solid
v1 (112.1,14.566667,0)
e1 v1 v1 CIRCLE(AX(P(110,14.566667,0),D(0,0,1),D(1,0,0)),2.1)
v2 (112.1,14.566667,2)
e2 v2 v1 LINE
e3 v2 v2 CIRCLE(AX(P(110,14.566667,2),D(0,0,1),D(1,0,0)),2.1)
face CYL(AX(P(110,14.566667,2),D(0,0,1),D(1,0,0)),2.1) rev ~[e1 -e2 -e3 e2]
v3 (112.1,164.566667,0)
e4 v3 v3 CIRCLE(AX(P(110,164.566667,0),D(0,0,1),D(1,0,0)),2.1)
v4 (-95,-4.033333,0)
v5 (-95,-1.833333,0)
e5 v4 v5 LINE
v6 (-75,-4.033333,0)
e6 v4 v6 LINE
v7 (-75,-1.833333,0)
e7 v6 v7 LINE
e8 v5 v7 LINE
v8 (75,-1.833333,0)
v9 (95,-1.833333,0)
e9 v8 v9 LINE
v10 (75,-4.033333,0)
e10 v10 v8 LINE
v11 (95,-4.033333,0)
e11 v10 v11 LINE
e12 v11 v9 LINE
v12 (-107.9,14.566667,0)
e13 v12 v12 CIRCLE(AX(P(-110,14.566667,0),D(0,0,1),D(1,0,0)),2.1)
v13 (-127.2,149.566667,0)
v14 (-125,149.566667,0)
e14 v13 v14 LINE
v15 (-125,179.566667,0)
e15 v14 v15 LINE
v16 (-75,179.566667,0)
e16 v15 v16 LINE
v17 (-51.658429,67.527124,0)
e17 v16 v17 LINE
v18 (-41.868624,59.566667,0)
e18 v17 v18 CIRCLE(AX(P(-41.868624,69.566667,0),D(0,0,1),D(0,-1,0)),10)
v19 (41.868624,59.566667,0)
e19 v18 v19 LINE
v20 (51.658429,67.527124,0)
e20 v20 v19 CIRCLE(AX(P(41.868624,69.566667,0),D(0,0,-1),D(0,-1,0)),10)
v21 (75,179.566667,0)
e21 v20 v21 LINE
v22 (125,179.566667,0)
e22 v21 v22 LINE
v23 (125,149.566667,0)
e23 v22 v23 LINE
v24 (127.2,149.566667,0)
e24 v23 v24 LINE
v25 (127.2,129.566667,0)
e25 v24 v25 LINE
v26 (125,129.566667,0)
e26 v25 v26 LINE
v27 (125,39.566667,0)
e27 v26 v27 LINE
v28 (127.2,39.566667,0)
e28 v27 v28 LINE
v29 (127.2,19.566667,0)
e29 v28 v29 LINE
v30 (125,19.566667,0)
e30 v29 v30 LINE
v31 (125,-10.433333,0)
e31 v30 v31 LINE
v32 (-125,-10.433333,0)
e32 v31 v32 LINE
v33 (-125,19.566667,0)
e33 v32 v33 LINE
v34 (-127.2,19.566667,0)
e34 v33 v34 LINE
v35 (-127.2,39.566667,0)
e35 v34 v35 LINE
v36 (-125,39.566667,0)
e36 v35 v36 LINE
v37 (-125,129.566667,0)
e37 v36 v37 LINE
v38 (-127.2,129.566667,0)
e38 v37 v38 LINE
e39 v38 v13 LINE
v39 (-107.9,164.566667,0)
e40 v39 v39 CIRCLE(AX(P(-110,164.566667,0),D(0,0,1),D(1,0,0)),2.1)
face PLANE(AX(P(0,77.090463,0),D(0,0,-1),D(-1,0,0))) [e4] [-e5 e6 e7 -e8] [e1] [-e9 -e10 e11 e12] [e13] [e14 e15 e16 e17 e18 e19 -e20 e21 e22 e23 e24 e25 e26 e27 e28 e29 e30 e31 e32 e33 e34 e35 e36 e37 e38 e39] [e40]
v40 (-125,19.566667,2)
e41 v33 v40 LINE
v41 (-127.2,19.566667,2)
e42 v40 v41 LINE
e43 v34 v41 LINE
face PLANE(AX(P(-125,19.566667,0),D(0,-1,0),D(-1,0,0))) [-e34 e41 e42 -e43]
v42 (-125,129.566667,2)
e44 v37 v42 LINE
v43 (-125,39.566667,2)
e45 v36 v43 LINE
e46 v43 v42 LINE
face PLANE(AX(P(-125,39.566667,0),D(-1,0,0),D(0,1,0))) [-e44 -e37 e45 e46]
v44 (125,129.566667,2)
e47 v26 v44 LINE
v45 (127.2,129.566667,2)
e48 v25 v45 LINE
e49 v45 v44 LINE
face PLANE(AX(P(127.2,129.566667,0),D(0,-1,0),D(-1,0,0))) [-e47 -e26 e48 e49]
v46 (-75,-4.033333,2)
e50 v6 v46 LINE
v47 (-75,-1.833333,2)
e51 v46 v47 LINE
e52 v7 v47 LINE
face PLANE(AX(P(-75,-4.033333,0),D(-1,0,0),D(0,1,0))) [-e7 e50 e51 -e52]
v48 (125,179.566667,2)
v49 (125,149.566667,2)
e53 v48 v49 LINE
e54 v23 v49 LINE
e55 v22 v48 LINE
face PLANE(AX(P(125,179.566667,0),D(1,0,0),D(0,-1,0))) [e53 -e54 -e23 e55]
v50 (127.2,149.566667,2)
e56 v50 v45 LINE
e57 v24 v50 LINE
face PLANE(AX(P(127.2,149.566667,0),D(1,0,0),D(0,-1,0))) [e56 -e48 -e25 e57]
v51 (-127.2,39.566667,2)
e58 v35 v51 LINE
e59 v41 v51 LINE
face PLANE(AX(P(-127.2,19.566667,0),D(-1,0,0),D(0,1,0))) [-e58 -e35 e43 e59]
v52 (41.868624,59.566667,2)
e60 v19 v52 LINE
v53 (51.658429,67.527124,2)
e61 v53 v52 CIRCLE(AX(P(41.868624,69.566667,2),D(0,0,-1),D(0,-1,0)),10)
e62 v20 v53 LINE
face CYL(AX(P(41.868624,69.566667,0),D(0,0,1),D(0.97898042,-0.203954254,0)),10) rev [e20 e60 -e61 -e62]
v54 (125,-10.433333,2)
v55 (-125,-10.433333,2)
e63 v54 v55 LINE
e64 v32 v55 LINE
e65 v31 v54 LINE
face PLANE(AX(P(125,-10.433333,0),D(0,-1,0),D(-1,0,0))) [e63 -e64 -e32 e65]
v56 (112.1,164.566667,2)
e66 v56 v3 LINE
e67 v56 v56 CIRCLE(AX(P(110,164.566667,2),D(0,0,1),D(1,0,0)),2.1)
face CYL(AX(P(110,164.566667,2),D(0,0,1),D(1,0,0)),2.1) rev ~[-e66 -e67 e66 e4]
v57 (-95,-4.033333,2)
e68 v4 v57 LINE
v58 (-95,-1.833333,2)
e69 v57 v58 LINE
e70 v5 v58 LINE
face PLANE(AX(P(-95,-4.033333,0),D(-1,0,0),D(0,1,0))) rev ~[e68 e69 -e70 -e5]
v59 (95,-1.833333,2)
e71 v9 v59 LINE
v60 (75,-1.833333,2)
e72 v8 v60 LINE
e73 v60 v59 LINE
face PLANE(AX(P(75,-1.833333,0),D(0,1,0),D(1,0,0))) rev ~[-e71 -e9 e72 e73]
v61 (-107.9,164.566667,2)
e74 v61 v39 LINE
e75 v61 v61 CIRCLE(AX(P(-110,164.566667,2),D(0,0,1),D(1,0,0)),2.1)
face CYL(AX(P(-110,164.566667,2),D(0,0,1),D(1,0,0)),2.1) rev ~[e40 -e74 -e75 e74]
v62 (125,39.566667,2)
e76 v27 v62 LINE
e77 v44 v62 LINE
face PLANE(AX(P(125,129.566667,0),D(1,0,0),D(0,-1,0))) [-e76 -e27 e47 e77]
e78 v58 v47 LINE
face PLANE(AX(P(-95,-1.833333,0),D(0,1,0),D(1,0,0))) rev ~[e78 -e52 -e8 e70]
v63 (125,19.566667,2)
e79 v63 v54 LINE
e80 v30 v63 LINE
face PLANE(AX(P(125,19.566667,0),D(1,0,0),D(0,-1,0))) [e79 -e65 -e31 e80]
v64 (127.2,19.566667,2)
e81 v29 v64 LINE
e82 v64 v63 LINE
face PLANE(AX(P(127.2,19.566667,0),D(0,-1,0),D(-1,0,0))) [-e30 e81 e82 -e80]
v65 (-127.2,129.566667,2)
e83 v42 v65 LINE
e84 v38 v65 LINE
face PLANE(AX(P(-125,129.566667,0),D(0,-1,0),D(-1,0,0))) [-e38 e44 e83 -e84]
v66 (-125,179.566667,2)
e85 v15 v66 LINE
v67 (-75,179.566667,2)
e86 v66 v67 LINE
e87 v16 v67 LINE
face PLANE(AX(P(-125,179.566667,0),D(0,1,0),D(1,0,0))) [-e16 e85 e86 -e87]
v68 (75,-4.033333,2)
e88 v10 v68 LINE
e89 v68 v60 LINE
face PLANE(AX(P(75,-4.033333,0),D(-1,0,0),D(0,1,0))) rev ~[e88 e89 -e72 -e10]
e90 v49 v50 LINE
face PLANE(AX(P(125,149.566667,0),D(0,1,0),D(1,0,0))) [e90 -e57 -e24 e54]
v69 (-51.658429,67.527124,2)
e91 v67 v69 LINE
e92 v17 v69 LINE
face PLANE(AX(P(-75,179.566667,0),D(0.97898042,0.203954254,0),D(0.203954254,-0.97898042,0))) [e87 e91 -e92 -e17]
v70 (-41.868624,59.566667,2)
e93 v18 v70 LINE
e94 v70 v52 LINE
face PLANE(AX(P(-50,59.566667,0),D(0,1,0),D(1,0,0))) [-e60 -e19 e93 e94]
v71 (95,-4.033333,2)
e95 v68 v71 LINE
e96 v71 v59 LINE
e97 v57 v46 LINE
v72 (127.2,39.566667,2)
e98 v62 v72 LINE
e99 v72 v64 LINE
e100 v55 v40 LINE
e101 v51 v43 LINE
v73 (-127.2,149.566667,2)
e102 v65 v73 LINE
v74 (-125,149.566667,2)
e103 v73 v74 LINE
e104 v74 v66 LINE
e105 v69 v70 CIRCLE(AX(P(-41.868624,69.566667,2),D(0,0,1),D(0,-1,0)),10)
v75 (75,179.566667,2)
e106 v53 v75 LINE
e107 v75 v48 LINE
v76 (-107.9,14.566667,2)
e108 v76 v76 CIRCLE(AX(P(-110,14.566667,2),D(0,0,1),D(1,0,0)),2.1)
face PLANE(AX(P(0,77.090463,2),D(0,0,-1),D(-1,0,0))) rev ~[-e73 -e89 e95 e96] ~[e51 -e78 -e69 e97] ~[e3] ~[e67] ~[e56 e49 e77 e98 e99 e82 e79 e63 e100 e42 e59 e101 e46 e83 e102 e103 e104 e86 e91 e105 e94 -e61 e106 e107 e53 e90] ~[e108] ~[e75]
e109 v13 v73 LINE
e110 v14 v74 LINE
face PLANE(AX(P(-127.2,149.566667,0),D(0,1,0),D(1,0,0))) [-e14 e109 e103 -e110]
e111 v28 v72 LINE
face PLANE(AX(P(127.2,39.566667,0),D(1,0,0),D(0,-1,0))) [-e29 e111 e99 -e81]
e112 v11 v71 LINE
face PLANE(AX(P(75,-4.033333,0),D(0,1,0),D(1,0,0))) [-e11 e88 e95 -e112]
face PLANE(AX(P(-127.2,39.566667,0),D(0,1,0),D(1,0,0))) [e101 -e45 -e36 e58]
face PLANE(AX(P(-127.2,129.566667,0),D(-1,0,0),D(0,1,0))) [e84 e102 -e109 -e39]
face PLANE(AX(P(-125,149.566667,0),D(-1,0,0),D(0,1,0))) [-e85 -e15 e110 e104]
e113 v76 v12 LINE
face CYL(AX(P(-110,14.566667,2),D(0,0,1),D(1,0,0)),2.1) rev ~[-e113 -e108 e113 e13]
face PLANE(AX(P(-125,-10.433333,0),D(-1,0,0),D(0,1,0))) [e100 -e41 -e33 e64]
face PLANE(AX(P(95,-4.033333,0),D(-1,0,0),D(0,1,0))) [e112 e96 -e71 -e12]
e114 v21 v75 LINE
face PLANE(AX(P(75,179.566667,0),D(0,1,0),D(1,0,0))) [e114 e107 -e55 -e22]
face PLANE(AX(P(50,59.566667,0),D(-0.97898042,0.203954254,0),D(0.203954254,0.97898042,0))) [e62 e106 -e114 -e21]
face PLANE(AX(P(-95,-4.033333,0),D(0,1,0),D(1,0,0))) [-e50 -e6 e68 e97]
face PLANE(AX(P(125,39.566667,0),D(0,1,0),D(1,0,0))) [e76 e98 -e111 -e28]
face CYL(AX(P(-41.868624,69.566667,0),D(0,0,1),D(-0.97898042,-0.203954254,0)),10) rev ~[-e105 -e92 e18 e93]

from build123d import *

# Parameters (mm, degrees)
SKETCH1_W           = 20
SKETCH1_H           = 2.2
BOSS_EXTRUDE1_DEPTH = 2
FILLET1_R           = 10
SKETCH2_R           = 2.1
CUT_EXTRUDE1_DEPTH  = 5


with BuildPart() as part:
    # Sketch1 → Boss-Extrude1 (new body)
    with BuildSketch(Plane.XY):
        Polygon((125.000000001, -10.433333333), (-124.999999999, -10.433333333), (-124.999999999, 19.566666667), (-127.199999999, 19.566666667), (-127.199999999, 39.566666667), (-124.999999999, 39.566666667), (-124.999999999, 129.566666667), (-127.199999999, 129.566666667), (-127.199999999, 149.566666667), (-124.999999999, 149.566666667), (-124.999999999, 179.566666667), (-74.999999999, 179.566666667), (-50, 59.566666667), (50, 59.566666667), (75.000000001, 179.566666667), (125.000000001, 179.566666667), (125.000000001, 149.566666667), (127.200000001, 149.566666667), (127.200000001, 129.566666667), (125.000000001, 129.566666667), (125.000000001, 39.566666667), (127.200000001, 39.566666667), (127.200000001, 19.566666667), (125.000000001, 19.566666667), align=None)
        with Locations((85.000000001, -2.933333333)):
            Rectangle(SKETCH1_W, SKETCH1_H, mode=Mode.SUBTRACT)
        with Locations((-84.999999999, -2.933333333)):
            Rectangle(SKETCH1_W, SKETCH1_H, mode=Mode.SUBTRACT)
    extrude(amount=BOSS_EXTRUDE1_DEPTH)

    # Fillet1
    fillet1_edges = [part.edges().sort_by_distance(p)[0] for p in [
        (-50, 59.566666667, 1),
        (50, 59.566666667, 1),
    ]]
    fillet(fillet1_edges, radius=FILLET1_R)

    # Sketch2 → Cut-Extrude1 (cut)
    with BuildSketch(Plane.XY.offset(2)):
        with Locations((-109.999999999, 14.566666667)):
            Circle(SKETCH2_R)
        with Locations((110.000000001, 14.566666667)):
            Circle(SKETCH2_R)
        with Locations((110.000000001, 164.566666667)):
            Circle(SKETCH2_R)
        with Locations((-109.999999999, 164.566666667)):
            Circle(SKETCH2_R)
    extrude(amount=-CUT_EXTRUDE1_DEPTH, mode=Mode.SUBTRACT)


solid = part.part
